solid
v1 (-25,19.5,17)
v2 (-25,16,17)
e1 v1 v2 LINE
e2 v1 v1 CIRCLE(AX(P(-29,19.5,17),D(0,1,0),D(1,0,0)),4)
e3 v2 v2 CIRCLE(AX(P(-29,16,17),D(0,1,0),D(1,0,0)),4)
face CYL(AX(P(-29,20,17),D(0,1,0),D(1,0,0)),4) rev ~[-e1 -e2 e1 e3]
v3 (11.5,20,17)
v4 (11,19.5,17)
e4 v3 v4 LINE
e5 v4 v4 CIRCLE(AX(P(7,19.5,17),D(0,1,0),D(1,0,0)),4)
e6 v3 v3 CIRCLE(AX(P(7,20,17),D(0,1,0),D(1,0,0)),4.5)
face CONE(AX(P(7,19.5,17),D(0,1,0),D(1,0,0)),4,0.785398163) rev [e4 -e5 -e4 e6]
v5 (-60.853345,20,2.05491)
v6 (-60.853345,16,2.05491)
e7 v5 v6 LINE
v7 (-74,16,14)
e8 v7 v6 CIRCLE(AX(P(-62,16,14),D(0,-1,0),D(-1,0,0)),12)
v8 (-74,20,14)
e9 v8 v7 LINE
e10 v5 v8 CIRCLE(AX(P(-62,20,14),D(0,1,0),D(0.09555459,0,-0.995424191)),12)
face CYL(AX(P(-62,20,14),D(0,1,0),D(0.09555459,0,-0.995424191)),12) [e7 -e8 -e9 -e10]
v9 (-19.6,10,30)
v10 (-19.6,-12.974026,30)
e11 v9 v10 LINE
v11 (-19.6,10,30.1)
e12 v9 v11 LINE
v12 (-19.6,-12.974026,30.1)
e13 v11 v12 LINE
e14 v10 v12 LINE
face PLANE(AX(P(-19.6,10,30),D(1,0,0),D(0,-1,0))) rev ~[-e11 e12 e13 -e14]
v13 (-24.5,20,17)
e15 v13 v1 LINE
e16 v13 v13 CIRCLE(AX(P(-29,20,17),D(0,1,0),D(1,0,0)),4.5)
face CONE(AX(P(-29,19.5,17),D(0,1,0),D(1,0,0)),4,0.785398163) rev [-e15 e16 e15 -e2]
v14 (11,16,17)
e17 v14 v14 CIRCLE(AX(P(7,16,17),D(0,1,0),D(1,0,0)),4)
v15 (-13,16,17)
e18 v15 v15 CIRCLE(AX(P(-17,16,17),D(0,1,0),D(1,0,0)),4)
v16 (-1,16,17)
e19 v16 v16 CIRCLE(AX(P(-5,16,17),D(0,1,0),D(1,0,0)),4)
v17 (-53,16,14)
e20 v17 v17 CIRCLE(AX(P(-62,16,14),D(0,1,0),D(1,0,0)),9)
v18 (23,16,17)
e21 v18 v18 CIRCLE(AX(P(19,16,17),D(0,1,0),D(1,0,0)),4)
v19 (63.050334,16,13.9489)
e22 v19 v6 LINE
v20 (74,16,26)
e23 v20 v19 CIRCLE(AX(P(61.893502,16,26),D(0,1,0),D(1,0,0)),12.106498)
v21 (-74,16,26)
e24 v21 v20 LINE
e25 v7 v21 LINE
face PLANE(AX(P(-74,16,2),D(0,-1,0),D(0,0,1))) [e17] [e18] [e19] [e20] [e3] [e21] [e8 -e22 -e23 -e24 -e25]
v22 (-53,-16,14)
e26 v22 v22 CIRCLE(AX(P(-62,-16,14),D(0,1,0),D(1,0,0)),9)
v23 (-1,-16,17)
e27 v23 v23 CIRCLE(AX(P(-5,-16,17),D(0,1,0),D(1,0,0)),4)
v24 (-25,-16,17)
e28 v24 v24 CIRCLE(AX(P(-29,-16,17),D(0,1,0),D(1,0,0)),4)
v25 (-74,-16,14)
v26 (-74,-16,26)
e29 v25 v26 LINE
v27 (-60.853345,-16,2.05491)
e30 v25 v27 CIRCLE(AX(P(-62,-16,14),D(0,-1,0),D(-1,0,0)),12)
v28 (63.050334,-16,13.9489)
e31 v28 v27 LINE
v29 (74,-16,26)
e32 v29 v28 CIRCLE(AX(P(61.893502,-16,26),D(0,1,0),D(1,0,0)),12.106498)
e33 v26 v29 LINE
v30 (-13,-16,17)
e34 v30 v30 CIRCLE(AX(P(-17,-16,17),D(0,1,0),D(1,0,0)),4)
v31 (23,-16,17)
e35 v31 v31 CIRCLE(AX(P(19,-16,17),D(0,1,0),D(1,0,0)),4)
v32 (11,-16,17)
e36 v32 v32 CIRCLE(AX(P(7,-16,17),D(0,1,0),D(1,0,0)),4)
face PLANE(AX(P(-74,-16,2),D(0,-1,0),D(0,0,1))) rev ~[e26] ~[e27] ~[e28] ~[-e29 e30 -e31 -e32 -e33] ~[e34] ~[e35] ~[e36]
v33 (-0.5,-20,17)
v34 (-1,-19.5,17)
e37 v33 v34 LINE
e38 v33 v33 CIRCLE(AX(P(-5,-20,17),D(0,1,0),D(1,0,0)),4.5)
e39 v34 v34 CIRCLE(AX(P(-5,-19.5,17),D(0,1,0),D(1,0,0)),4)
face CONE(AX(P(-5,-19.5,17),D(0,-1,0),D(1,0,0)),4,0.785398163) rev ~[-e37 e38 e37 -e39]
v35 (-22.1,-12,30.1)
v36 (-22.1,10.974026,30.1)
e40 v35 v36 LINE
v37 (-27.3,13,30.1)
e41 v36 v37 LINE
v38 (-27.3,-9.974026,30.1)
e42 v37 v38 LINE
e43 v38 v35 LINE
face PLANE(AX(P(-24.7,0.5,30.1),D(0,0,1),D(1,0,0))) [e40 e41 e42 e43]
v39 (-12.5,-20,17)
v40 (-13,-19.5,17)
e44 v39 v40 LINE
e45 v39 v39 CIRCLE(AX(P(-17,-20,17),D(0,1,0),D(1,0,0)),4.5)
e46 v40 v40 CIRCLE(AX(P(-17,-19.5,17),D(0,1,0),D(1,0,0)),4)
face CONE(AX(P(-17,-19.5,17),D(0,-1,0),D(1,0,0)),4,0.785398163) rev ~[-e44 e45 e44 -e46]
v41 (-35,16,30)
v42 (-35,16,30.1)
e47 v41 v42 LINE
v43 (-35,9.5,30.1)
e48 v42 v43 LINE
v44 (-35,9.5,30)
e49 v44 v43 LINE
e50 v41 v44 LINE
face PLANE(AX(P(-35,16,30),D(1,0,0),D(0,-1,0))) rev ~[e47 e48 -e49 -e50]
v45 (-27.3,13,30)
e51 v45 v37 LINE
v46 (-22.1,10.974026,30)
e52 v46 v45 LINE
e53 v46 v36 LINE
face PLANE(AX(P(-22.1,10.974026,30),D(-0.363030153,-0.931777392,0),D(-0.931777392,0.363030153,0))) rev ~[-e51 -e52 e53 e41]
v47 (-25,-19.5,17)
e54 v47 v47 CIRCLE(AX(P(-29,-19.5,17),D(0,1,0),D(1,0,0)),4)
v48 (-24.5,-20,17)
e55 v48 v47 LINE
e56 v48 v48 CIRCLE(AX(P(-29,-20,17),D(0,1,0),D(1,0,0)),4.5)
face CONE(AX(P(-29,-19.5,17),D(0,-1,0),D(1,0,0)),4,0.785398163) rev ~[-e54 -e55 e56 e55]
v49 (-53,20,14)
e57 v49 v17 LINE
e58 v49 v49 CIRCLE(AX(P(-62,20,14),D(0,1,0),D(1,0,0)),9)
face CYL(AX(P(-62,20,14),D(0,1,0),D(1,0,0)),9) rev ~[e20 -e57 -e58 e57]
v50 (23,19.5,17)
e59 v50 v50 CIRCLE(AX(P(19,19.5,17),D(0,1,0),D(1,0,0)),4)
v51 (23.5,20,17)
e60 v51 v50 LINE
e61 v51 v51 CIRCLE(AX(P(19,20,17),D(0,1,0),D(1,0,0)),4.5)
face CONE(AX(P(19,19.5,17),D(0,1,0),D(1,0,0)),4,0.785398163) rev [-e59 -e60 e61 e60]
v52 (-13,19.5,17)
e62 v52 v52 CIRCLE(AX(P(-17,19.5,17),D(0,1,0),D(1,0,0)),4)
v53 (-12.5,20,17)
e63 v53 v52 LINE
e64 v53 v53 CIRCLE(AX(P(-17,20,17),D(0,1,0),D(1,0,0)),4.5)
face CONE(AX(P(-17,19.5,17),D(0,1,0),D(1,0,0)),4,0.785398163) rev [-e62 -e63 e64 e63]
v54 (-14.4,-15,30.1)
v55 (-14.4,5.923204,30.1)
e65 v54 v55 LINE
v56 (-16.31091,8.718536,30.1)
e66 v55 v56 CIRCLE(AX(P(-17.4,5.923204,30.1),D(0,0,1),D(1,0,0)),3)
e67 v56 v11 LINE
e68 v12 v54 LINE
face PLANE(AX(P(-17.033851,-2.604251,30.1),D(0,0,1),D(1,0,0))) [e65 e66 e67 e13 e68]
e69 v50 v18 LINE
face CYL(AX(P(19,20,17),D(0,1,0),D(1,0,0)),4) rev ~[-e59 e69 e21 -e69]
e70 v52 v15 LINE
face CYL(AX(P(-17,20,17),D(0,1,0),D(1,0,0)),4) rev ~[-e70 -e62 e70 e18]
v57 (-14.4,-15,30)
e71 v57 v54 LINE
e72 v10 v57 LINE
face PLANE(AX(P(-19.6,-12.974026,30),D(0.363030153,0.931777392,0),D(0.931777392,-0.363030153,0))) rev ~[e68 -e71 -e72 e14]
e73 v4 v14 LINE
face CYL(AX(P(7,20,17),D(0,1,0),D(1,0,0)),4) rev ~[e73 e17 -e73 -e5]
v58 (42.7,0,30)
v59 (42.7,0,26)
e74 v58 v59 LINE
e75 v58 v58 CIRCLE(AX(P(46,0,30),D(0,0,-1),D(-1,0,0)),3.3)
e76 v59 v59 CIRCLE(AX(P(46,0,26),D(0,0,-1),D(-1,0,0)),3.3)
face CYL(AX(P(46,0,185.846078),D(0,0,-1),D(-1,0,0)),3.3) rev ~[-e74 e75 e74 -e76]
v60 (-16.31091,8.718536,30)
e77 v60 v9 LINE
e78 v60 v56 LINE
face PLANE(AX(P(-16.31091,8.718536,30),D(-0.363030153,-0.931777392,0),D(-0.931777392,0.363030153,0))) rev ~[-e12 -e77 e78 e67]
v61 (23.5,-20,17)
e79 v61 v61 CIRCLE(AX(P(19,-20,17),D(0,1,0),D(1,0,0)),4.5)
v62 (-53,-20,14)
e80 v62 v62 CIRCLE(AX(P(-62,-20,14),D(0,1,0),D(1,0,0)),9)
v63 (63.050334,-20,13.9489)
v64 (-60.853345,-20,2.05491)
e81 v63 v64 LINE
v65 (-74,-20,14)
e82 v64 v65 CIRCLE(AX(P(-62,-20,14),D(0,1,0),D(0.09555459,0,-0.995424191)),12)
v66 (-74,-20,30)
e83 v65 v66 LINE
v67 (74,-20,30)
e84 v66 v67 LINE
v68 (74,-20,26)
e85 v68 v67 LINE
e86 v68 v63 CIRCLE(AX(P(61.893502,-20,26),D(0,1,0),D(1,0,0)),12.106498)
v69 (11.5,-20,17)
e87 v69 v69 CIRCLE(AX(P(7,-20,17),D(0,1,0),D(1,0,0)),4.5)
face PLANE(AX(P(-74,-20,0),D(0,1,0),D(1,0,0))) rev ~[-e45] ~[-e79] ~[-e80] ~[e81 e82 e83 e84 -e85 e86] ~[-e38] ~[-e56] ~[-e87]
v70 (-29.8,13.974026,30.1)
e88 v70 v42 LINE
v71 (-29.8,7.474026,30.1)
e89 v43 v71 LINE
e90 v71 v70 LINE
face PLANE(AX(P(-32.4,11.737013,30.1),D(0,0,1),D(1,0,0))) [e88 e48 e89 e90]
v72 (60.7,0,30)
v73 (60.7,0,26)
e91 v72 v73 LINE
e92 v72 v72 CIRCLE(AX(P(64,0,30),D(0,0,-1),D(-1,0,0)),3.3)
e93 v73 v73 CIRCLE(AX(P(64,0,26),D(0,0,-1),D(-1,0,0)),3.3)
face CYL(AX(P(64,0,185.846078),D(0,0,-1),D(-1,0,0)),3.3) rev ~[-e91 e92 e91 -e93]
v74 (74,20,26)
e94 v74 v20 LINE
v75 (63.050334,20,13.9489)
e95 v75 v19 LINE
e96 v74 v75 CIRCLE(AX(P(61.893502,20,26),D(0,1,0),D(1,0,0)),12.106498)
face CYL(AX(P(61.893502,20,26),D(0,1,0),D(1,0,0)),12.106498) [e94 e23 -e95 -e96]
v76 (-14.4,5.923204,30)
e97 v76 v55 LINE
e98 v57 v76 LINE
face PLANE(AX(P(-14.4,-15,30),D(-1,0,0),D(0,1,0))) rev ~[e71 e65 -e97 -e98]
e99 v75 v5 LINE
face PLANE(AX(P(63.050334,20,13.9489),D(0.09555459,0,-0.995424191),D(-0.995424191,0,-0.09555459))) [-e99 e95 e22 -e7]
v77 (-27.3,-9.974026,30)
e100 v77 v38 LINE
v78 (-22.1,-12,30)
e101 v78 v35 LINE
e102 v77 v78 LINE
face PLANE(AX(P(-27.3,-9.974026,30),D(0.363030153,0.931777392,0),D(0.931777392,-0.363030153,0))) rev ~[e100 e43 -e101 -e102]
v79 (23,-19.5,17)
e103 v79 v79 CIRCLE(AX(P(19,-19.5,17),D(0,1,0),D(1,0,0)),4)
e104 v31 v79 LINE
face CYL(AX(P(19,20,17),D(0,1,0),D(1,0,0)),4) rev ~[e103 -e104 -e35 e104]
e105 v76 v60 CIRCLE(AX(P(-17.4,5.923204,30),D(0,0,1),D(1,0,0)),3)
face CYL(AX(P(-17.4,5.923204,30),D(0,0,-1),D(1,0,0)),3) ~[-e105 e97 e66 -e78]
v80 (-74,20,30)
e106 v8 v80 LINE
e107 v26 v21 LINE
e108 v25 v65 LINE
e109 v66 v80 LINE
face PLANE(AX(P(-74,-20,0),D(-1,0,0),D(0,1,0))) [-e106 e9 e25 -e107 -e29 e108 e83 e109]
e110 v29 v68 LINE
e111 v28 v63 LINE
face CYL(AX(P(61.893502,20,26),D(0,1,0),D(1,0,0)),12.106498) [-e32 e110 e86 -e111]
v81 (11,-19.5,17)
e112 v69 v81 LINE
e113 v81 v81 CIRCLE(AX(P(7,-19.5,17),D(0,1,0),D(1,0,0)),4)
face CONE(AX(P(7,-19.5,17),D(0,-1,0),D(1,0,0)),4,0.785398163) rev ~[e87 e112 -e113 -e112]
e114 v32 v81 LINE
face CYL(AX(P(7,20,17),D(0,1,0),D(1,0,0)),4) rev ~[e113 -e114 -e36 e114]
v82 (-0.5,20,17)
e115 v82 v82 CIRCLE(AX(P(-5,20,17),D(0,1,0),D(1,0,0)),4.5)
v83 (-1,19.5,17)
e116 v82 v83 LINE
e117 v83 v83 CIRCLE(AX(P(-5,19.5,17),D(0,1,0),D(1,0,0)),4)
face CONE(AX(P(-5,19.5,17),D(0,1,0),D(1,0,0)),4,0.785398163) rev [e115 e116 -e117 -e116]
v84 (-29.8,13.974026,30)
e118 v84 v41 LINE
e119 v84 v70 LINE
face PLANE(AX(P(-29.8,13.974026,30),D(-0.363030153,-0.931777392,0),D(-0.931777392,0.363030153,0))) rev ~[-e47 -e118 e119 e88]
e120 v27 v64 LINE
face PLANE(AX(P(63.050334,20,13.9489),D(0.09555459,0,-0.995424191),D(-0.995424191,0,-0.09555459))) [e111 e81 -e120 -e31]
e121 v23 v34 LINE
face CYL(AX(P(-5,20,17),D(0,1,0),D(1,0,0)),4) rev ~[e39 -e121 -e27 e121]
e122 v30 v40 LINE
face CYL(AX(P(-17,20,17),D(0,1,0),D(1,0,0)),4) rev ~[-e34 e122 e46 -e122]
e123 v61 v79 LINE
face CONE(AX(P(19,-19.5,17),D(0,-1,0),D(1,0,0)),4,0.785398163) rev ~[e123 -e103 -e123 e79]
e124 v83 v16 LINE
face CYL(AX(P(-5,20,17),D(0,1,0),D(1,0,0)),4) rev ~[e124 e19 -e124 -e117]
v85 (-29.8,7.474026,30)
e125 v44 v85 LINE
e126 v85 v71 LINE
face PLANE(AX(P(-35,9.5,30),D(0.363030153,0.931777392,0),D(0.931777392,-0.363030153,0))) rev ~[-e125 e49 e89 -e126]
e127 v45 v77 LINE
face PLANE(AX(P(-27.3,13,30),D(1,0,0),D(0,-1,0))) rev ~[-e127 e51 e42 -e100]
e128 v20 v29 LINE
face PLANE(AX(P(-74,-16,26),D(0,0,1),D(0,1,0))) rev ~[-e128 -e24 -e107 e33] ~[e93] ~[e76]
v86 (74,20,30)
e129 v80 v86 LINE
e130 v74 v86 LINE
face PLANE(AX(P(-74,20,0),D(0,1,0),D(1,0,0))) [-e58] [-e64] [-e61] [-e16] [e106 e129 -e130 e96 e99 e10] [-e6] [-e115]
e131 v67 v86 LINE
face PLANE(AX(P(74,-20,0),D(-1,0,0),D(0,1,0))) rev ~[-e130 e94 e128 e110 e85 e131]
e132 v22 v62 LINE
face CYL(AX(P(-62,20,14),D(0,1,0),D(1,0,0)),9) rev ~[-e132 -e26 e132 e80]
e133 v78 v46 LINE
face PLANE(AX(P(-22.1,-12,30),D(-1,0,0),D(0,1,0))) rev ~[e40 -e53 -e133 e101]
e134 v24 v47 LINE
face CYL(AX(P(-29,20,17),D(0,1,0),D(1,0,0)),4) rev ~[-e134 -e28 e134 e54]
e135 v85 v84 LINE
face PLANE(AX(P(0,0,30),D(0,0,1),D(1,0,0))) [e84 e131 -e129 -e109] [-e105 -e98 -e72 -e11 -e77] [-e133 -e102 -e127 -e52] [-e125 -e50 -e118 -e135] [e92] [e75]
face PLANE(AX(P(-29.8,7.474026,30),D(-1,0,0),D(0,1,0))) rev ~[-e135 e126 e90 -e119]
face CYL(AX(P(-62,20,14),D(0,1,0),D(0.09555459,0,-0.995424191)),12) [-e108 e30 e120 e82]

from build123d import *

# Parameters (mm, degrees)
ESQUISSE1_W             = 148
ESQUISSE1_H             = 40
BOSS_EXTRU_1_DEPTH      = 30
ESQUISSE2_OUTSIDE_W     = 181.244
ESQUISSE2_OUTSIDE_H     = 63.244
ENL_V_MAT_EXTRU_1_DEPTH = 41
ESQUISSE3_W             = 24
ESQUISSE3_H             = 32
ENL_V_MAT_EXTRU_3_DEPTH = 149
ESQUISSE4_R             = 9
ESQUISSE4_R_2           = 4
ENL_V_MAT_EXTRU_4_DEPTH = 41
CHANFREIN1_SIZE         = 0.5
D_GAGEMENT_M61_D        = 6.6
BOSS_EXTRU_2_DEPTH      = 0.1


with BuildPart() as part:
    # Esquisse1 → Boss.-Extru.1 (new body)
    with BuildSketch(Plane.XY):
        Rectangle(ESQUISSE1_W, ESQUISSE1_H)
    extrude(amount=BOSS_EXTRU_1_DEPTH)

    # Esquisse2 outside → Enlèv. mat.-Extru.1 (cut, through all)
    with BuildSketch(Plane(origin=(0, 20, 0), x_dir=(1, 0, 0), z_dir=(0, 1, 0))):
        with Locations((0, -15)):
            Rectangle(ESQUISSE2_OUTSIDE_W, ESQUISSE2_OUTSIDE_H)
        with BuildLine():
            Line((-74, -14), (-74, -30))
            Line((-74, -30), (74, -30))
            Line((74, -30), (74, -26))
            ThreePointArc((74, -26), (70.853760815, -17.858682375), (63.050333897, -13.948899514))
            Line((63.050333897, -13.948899514), (-60.853344924, -2.054909706))
            ThreePointArc((-60.853344924, -2.054909706), (-70.06970071, -5.118562591), (-74, -14))
        make_face(mode=Mode.SUBTRACT)
    extrude(amount=-ENL_V_MAT_EXTRU_1_DEPTH, mode=Mode.SUBTRACT)

    # Esquisse3 → Enlèv. mat.-Extru.3 (cut, through all)
    with BuildSketch(Plane.ZY.offset(74)):
        with Locations((14, 0)):
            Rectangle(ESQUISSE3_W, ESQUISSE3_H)
    extrude(amount=-ENL_V_MAT_EXTRU_3_DEPTH, mode=Mode.SUBTRACT)

    # Esquisse4 → Enlèv. mat.-Extru.4 (cut, through all)
    with BuildSketch(Plane(origin=(0, 20, 0), x_dir=(1, 0, 0), z_dir=(0, 1, 0))):
        with Locations((-62, -14)):
            Circle(ESQUISSE4_R)
        with Locations((-29, -17)):
            Circle(ESQUISSE4_R_2)
        with Locations((-17, -17)):
            Circle(ESQUISSE4_R_2)
        with Locations((-5, -17)):
            Circle(ESQUISSE4_R_2)
        with Locations((7, -17)):
            Circle(ESQUISSE4_R_2)
        with Locations((19, -17)):
            Circle(ESQUISSE4_R_2)
    extrude(amount=-ENL_V_MAT_EXTRU_4_DEPTH, mode=Mode.SUBTRACT)

    # Chanfrein1
    chanfrein1_edges = [part.edges().sort_by_distance(p)[0] for p in [
        (3, 20, 17),
        (15, -20, 17),
        (15, 20, 17),
        (-33, -20, 17),
        (-33, 20, 17),
        (-21, -20, 17),
        (-21, 20, 17),
        (-9, -20, 17),
        (-9, 20, 17),
        (3, -20, 17),
    ]]
    chamfer(chanfrein1_edges, length=CHANFREIN1_SIZE)

    # Dégagement M61 (through all)
    with Locations(Plane.XY.offset(30)):
        with Locations((46, 0), (64, 0)):
            Hole(D_GAGEMENT_M61_D / 2)

    # Esquisse9 → Boss.-Extru.2 (add)
    with BuildSketch(Plane.XY.offset(30)):
        Polygon((-35, 16), (-35, 9.5), (-29.8, 7.474025974), (-29.8, 13.974025974), align=None)
        Polygon((-27.3, 13), (-27.3, -9.974025974), (-22.1, -12), (-22.1, 10.974025974), align=None)
        with BuildLine():
            Line((-19.6, 10), (-19.6, -12.974025974))
            Line((-19.6, -12.974025974), (-14.4, -15))
            Line((-14.4, -15), (-14.4, 5.923204009))
            ThreePointArc((-14.4, 5.923204009), (-14.923382208, 7.616238065), (-16.310909542, 8.718536185))
            Line((-16.310909542, 8.718536185), (-19.6, 10))
        make_face()
    extrude(amount=BOSS_EXTRU_2_DEPTH)


solid = part.part
